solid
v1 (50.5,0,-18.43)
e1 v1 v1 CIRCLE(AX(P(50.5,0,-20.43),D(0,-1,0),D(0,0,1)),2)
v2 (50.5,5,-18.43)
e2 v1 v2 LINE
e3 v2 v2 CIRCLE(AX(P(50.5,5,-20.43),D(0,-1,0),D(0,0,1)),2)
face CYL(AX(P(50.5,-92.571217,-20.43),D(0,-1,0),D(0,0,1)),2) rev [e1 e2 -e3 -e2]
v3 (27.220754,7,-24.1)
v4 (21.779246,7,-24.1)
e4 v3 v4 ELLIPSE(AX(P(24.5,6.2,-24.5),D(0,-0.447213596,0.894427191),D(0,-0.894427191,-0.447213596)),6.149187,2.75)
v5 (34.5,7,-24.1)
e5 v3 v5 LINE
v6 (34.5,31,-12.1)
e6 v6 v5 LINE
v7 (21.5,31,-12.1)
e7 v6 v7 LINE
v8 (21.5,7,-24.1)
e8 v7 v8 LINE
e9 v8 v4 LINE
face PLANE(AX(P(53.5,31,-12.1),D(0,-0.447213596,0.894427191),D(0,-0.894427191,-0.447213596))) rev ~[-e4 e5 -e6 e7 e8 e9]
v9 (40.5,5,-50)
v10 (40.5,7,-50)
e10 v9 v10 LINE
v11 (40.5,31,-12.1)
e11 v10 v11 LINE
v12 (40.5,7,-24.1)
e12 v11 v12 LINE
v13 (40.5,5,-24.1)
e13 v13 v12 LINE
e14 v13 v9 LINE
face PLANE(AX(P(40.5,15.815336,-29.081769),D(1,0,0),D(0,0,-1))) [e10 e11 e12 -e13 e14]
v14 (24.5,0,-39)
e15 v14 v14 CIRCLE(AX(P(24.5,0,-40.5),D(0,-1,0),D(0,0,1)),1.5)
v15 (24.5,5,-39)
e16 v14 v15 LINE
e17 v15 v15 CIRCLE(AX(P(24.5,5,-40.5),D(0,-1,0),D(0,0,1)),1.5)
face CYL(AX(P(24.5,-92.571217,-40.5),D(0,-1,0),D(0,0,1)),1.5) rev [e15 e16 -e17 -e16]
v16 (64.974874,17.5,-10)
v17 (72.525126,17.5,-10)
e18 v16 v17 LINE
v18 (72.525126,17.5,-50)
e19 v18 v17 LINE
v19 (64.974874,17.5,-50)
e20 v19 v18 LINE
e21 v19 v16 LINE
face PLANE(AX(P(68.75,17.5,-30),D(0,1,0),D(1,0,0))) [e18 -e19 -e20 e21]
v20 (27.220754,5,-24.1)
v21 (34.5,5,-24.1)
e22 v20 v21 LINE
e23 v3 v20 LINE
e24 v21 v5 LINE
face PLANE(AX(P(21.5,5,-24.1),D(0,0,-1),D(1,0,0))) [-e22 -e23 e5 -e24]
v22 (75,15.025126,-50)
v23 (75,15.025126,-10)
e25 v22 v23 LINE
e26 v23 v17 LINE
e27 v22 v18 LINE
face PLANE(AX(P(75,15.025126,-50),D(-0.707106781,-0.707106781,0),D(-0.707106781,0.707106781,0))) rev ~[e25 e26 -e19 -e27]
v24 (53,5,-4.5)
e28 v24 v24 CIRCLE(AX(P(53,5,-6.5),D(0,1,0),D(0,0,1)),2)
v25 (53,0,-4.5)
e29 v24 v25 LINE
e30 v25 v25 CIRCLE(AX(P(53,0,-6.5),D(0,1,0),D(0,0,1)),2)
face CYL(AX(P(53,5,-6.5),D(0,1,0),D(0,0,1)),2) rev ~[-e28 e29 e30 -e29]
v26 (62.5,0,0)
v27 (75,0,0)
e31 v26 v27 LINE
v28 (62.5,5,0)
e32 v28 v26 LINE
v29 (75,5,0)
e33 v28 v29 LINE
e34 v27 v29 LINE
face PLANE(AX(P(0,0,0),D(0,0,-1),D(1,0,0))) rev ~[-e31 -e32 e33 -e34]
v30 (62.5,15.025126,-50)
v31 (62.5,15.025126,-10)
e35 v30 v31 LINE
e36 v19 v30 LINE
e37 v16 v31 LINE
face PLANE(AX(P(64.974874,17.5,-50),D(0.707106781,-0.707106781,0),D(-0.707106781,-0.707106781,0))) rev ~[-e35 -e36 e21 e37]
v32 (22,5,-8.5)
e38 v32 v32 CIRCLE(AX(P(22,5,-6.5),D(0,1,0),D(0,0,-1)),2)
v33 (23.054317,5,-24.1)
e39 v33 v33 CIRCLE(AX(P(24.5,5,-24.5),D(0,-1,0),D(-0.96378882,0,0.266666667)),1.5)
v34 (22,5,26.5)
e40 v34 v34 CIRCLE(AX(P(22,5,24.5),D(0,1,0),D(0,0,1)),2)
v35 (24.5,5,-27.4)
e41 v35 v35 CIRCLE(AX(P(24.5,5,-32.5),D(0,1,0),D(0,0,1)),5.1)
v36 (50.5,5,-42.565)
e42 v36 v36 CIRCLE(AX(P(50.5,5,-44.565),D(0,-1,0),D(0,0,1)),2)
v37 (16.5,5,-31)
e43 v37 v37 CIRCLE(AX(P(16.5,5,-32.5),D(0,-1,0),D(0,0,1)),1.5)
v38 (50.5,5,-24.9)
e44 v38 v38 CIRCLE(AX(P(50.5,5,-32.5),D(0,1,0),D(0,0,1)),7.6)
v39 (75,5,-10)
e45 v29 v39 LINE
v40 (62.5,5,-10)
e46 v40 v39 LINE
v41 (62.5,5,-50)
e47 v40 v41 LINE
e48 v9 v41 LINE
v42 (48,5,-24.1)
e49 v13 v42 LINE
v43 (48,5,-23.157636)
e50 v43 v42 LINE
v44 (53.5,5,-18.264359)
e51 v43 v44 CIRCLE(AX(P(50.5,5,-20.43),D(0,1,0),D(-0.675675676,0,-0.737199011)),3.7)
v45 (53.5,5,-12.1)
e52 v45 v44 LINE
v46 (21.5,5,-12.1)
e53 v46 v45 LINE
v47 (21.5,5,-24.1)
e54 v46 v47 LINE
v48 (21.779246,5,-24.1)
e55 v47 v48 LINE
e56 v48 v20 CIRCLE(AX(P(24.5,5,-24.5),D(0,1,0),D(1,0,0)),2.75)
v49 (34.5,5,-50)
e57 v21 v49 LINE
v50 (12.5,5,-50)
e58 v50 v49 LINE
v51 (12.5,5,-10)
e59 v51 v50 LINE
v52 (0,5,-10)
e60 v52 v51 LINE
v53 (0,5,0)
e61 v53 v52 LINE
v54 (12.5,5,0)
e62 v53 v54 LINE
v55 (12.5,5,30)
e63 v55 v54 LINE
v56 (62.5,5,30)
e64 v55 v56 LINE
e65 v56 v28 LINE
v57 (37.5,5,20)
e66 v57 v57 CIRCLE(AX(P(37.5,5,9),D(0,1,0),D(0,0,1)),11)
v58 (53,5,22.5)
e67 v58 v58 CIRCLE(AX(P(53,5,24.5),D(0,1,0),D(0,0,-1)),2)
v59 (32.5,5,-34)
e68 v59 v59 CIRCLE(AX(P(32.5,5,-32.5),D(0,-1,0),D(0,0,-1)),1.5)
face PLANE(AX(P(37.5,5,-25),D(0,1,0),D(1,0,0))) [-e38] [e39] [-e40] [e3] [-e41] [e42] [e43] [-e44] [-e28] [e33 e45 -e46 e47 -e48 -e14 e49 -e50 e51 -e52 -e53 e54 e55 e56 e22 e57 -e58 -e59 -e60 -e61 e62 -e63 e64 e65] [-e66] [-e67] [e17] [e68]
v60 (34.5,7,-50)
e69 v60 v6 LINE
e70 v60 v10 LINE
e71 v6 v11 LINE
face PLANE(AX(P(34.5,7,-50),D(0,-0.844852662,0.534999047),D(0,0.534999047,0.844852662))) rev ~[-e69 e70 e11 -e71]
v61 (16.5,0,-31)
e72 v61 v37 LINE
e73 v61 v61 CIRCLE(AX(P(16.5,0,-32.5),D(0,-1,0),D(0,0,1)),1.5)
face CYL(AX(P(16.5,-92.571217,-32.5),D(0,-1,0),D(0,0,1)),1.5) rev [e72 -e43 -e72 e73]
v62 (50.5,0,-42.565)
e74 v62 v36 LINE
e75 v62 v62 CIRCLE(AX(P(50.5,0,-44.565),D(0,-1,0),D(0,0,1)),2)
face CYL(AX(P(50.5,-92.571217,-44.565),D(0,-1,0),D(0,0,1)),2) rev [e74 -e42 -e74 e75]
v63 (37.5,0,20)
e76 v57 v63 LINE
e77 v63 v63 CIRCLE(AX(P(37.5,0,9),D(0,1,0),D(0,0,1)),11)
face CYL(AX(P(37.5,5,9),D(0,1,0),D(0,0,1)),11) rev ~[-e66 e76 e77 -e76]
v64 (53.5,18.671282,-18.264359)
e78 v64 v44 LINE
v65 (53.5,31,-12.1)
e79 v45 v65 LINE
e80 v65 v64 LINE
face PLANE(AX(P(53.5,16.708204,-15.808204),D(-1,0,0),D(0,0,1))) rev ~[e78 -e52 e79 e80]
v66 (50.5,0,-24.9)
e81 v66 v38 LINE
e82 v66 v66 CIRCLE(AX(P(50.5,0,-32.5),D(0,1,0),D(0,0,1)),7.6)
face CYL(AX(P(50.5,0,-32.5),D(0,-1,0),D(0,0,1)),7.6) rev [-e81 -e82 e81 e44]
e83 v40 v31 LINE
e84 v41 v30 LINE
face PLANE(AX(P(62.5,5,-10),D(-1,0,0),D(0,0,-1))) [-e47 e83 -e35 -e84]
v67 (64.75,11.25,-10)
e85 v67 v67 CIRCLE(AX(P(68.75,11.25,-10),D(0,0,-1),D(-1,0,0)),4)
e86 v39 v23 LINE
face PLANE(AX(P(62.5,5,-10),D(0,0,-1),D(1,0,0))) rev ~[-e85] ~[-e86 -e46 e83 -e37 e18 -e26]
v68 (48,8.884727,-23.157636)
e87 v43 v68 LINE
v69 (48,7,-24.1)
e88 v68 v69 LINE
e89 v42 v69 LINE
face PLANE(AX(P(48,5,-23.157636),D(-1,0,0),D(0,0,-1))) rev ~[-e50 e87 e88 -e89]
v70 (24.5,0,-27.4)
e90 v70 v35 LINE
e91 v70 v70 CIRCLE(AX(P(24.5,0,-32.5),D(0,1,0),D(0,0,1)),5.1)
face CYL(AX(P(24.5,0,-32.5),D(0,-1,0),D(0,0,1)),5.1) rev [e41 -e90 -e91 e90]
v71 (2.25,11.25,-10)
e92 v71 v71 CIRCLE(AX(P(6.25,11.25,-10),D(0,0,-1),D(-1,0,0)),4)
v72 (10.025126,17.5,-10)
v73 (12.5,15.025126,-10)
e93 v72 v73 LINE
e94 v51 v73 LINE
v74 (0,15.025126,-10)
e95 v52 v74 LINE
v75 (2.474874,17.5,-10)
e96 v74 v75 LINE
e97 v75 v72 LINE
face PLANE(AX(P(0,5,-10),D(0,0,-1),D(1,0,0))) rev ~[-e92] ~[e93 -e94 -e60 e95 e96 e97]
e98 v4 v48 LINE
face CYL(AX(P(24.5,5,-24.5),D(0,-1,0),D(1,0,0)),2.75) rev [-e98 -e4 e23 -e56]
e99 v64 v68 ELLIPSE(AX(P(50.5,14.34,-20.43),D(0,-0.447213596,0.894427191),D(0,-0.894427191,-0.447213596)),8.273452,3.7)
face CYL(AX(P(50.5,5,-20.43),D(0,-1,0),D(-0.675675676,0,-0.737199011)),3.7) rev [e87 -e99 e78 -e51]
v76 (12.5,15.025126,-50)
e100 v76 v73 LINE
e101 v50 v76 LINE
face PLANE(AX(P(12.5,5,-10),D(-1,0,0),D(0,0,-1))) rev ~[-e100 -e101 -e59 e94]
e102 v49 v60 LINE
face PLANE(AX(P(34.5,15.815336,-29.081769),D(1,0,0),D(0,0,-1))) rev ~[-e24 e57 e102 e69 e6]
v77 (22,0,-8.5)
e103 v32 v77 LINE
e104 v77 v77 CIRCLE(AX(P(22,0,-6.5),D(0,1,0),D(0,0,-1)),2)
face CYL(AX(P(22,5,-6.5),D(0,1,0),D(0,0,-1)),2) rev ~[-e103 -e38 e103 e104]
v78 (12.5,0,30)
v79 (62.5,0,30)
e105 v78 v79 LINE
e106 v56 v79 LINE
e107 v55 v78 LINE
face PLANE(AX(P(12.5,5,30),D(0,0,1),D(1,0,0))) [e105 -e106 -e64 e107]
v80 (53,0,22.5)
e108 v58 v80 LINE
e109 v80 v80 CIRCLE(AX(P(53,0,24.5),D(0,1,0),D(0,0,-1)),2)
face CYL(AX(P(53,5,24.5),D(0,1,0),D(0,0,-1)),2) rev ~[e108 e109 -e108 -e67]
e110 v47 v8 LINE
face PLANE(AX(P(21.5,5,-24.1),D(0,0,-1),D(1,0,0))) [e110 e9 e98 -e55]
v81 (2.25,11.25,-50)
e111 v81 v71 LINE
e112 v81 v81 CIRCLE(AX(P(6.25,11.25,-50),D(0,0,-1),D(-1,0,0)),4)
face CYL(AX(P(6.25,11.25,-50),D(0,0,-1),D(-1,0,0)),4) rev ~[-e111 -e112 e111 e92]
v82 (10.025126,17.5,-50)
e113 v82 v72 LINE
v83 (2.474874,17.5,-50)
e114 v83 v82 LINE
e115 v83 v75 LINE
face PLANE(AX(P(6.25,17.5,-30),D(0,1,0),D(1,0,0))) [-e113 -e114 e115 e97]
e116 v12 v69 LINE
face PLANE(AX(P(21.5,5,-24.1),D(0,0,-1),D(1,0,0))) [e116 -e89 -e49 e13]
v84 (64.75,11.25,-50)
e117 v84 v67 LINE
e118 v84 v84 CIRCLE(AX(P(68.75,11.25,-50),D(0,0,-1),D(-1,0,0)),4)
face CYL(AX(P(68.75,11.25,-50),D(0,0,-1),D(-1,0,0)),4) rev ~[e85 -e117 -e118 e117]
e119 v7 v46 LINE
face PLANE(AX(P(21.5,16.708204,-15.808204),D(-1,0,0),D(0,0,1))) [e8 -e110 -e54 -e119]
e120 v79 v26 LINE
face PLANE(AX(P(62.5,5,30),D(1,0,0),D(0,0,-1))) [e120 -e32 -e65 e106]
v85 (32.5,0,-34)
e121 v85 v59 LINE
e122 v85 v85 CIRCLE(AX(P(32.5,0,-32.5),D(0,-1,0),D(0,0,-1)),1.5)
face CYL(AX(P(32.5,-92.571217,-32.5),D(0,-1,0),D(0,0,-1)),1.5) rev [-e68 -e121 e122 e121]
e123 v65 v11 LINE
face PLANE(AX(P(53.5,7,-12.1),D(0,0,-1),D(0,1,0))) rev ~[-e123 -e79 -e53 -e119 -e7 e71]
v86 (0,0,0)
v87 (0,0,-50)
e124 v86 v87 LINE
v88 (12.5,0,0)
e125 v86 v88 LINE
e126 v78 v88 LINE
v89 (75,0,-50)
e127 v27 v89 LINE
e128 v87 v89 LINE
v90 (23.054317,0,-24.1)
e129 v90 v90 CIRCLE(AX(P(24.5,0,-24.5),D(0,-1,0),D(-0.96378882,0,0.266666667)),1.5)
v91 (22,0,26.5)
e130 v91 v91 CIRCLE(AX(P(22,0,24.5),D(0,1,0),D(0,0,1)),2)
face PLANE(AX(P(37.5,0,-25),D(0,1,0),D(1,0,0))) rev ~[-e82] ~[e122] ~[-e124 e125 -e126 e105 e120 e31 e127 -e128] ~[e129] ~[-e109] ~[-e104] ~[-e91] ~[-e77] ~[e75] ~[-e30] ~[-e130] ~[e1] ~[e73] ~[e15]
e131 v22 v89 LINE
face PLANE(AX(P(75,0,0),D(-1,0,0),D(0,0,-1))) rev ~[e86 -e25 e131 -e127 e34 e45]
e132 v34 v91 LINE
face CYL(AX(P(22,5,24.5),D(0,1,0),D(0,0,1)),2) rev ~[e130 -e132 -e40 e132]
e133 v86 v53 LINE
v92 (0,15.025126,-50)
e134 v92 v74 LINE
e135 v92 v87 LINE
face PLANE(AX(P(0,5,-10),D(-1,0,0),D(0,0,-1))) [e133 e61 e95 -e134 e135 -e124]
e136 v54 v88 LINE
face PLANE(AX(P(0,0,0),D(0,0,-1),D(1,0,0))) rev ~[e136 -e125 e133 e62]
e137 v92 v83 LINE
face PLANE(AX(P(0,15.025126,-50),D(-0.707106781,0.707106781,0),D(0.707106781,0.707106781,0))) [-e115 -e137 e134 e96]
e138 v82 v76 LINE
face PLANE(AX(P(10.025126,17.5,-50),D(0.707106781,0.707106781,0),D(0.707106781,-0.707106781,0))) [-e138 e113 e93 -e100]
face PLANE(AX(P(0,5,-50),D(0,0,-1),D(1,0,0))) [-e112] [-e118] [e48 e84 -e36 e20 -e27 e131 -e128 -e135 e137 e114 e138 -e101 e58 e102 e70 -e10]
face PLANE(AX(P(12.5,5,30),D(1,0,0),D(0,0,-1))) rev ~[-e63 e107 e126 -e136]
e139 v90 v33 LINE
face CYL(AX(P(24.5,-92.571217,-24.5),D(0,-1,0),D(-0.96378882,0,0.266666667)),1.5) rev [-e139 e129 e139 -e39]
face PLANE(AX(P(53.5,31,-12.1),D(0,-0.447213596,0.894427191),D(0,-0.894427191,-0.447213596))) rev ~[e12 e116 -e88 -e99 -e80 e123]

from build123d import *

# Parameters (mm, degrees)
SKETCH1_W               = 75
SKETCH1_H               = 50
SKETCH1_R               = 5.1
SKETCH1_R_2             = 7.6
BOSS_EXTRUDE1_DEPTH     = 5
SKETCH2_W               = 12.5
SKETCH2_H               = 40
BOSS_EXTRUDE2_DEPTH     = 12.5
SKETCH3_R               = 4
CUT_EXTRUDE1_DEPTH      = 92.821838361
SKETCH4_W               = 50
SKETCH4_H               = 30
BOSS_EXTRUDE3_DEPTH     = 5
SKETCH5_R               = 2
SKETCH5_R_2             = 11
CUT_EXTRUDE2_DEPTH      = 92.001373616
SKETCH6_W               = 32
SKETCH6_H               = 12
BOSS_EXTRUDE4_DEPTH     = 2
BOSS_EXTRUDE6_DEPTH     = 32
SKETCH9_W               = 6
SKETCH9_H               = 25.9
BOSS_EXTRUDE7_DEPTH     = 2
BOSS_EXTRUDE8_DEPTH     = 6
CUT_EXTRUDE3_DEPTH      = 97.571217244
CUT_EXTRUDE3_DEPTH_BACK = 97.571217244
SKETCH11_R              = 2
SKETCH11_R_2            = 1.5
SKETCH13_R              = 3.7
SKETCH13_R_2            = 2.75
SKETCH13_W              = 5.5
SKETCH13_H              = 1.674207078
CUT_EXTRUDE4_DEPTH      = 94.813645063


with BuildPart() as part:
    # Sketch1 → Boss-Extrude1 (new body)
    with BuildSketch(Plane(origin=(0, 0, 0), x_dir=(1, 0, 0), z_dir=(0, 1, 0))):
        with Locations((37.5, 25)):
            Rectangle(SKETCH1_W, SKETCH1_H)
        with Locations(Location((24.5, 32.5, 0), (0, 0, 270))):
            Circle(SKETCH1_R, mode=Mode.SUBTRACT)
        with Locations(Location((50.5, 32.5, 0), (0, 0, 270))):
            Circle(SKETCH1_R_2, mode=Mode.SUBTRACT)
    extrude(amount=BOSS_EXTRUDE1_DEPTH)

    # Sketch2 → Boss-Extrude2 (add)
    with BuildSketch(Plane(origin=(0, 5, 0), x_dir=(1, 0, 0), z_dir=(0, 1, 0))):
        with Locations((6.25, 30)):
            Rectangle(SKETCH2_W, SKETCH2_H)
        with Locations((68.75, 30)):
            Rectangle(SKETCH2_W, SKETCH2_H)
    extrude(amount=BOSS_EXTRUDE2_DEPTH)

    # Sketch3 → Cut-Extrude1 (cut, through all)
    with BuildSketch(Plane(origin=(0, 0, -50), x_dir=(-1, 0, 0), z_dir=(0, 0, -1))):
        with Locations((-68.75, 11.25)):
            Circle(SKETCH3_R)
        with Locations((-6.25, 11.25)):
            Circle(SKETCH3_R)
        Polygon((-72.525126266, 17.5), (-75, 17.5), (-75, 15.025126266), align=None)
        Polygon((-62.5, 17.5), (-64.974873734, 17.5), (-62.5, 15.025126266), align=None)
        Polygon((-12.5, 15.025126266), (-12.5, 17.5), (-10.025126266, 17.5), align=None)
        Polygon((0, 15.025126266), (-2.474873734, 17.5), (0, 17.5), align=None)
    extrude(amount=-CUT_EXTRUDE1_DEPTH, mode=Mode.SUBTRACT)

    # Sketch4 → Boss-Extrude3 (add)
    with BuildSketch(Plane(origin=(0, 5, 0), x_dir=(1, 0, 0), z_dir=(0, 1, 0))):
        with Locations((37.5, -15)):
            Rectangle(SKETCH4_W, SKETCH4_H)
    extrude(amount=-BOSS_EXTRUDE3_DEPTH)

    # Sketch5 → Cut-Extrude2 (cut, through all)
    with BuildSketch(Plane(origin=(0, 5, 0), x_dir=(1, 0, 0), z_dir=(0, 1, 0))):
        with Locations(Location((22, -24.5, 0), (0, 0, 270))):
            Circle(SKETCH5_R)
        with Locations(Location((22, 6.5, 0), (0, 0, 90))):
            Circle(SKETCH5_R)
        with Locations(Location((53, 6.5, 0), (0, 0, 270))):
            Circle(SKETCH5_R)
        with Locations(Location((53, -24.5, 0), (0, 0, 90))):
            Circle(SKETCH5_R)
        with Locations(Location((37.5, -9, 0), (0, 0, 270))):
            Circle(SKETCH5_R_2)
    extrude(amount=-CUT_EXTRUDE2_DEPTH, mode=Mode.SUBTRACT)

    # Sketch6 → Boss-Extrude4 (add)
    with BuildSketch(Plane(origin=(0, 5, 0), x_dir=(1, 0, 0), z_dir=(0, 1, 0))):
        with Locations((37.5, 18.1)):
            Rectangle(SKETCH6_W, SKETCH6_H)
    extrude(amount=BOSS_EXTRUDE4_DEPTH)

    # Sketch8 → Boss-Extrude6 (add)
    with BuildSketch(Plane(origin=(53.5, 0, 0), x_dir=(0, 0, -1), z_dir=(1, 0, 0))):
        Polygon((24.1, 7), (12.1, 7), (12.1, 31), align=None)
    extrude(amount=-BOSS_EXTRUDE6_DEPTH)

    # Sketch9 → Boss-Extrude7 (add)
    with BuildSketch(Plane(origin=(0, 5, 0), x_dir=(1, 0, 0), z_dir=(0, 1, 0))):
        with Locations((37.5, 37.05)):
            Rectangle(SKETCH9_W, SKETCH9_H)
    extrude(amount=BOSS_EXTRUDE7_DEPTH)

    # Sketch10 → Boss-Extrude8 (add)
    with BuildSketch(Plane.ZY.offset(-34.5)):
        Polygon((-50, 7), (-12.1, 31), (-24.1, 7), align=None)
    extrude(amount=-BOSS_EXTRUDE8_DEPTH)

    # Sketch11 → Cut-Extrude3 (cut, two sides: drawn at the far end of the back side and taken through both)
    with BuildSketch(Plane(origin=(0, 5, 5), x_dir=(1, 0, 0), z_dir=(0, 1, 0)).offset(-CUT_EXTRUDE3_DEPTH_BACK)):
        with Locations(Location((50.5, 25.43, 0), (0, 0, 270))):
            Circle(SKETCH11_R)
        with Locations(Location((50.5, 49.565, 0), (0, 0, 270))):
            Circle(SKETCH11_R)
        with Locations(Location((24.5, 45.5, 0), (0, 0, 270))):
            Circle(SKETCH11_R_2)
        with Locations(Location((16.5, 37.5, 0), (0, 0, 270))):
            Circle(SKETCH11_R_2)
        with Locations(Location((32.5, 37.5, 0), (0, 0, 90))):
            Circle(SKETCH11_R_2)
        with Locations(Location((24.5, 29.5, 0), (0, 0, 195.466009953))):
            Circle(SKETCH11_R_2)
    extrude(amount=CUT_EXTRUDE3_DEPTH + CUT_EXTRUDE3_DEPTH_BACK, mode=Mode.SUBTRACT)

    # Sketch13 → Cut-Extrude4 (cut, through all)
    with BuildSketch(Plane(origin=(0, 5, 0), x_dir=(1, 0, 0), z_dir=(0, 1, 0))):
        with Locations((50.5, 20.43)):
            Circle(SKETCH13_R)
        with Locations((24.5, 24.5)):
            Circle(SKETCH13_R_2)
        with Locations((50.75, 23.262896461)):
            Rectangle(SKETCH13_W, SKETCH13_H)
    extrude(amount=CUT_EXTRUDE4_DEPTH, mode=Mode.SUBTRACT)


solid = part.part
